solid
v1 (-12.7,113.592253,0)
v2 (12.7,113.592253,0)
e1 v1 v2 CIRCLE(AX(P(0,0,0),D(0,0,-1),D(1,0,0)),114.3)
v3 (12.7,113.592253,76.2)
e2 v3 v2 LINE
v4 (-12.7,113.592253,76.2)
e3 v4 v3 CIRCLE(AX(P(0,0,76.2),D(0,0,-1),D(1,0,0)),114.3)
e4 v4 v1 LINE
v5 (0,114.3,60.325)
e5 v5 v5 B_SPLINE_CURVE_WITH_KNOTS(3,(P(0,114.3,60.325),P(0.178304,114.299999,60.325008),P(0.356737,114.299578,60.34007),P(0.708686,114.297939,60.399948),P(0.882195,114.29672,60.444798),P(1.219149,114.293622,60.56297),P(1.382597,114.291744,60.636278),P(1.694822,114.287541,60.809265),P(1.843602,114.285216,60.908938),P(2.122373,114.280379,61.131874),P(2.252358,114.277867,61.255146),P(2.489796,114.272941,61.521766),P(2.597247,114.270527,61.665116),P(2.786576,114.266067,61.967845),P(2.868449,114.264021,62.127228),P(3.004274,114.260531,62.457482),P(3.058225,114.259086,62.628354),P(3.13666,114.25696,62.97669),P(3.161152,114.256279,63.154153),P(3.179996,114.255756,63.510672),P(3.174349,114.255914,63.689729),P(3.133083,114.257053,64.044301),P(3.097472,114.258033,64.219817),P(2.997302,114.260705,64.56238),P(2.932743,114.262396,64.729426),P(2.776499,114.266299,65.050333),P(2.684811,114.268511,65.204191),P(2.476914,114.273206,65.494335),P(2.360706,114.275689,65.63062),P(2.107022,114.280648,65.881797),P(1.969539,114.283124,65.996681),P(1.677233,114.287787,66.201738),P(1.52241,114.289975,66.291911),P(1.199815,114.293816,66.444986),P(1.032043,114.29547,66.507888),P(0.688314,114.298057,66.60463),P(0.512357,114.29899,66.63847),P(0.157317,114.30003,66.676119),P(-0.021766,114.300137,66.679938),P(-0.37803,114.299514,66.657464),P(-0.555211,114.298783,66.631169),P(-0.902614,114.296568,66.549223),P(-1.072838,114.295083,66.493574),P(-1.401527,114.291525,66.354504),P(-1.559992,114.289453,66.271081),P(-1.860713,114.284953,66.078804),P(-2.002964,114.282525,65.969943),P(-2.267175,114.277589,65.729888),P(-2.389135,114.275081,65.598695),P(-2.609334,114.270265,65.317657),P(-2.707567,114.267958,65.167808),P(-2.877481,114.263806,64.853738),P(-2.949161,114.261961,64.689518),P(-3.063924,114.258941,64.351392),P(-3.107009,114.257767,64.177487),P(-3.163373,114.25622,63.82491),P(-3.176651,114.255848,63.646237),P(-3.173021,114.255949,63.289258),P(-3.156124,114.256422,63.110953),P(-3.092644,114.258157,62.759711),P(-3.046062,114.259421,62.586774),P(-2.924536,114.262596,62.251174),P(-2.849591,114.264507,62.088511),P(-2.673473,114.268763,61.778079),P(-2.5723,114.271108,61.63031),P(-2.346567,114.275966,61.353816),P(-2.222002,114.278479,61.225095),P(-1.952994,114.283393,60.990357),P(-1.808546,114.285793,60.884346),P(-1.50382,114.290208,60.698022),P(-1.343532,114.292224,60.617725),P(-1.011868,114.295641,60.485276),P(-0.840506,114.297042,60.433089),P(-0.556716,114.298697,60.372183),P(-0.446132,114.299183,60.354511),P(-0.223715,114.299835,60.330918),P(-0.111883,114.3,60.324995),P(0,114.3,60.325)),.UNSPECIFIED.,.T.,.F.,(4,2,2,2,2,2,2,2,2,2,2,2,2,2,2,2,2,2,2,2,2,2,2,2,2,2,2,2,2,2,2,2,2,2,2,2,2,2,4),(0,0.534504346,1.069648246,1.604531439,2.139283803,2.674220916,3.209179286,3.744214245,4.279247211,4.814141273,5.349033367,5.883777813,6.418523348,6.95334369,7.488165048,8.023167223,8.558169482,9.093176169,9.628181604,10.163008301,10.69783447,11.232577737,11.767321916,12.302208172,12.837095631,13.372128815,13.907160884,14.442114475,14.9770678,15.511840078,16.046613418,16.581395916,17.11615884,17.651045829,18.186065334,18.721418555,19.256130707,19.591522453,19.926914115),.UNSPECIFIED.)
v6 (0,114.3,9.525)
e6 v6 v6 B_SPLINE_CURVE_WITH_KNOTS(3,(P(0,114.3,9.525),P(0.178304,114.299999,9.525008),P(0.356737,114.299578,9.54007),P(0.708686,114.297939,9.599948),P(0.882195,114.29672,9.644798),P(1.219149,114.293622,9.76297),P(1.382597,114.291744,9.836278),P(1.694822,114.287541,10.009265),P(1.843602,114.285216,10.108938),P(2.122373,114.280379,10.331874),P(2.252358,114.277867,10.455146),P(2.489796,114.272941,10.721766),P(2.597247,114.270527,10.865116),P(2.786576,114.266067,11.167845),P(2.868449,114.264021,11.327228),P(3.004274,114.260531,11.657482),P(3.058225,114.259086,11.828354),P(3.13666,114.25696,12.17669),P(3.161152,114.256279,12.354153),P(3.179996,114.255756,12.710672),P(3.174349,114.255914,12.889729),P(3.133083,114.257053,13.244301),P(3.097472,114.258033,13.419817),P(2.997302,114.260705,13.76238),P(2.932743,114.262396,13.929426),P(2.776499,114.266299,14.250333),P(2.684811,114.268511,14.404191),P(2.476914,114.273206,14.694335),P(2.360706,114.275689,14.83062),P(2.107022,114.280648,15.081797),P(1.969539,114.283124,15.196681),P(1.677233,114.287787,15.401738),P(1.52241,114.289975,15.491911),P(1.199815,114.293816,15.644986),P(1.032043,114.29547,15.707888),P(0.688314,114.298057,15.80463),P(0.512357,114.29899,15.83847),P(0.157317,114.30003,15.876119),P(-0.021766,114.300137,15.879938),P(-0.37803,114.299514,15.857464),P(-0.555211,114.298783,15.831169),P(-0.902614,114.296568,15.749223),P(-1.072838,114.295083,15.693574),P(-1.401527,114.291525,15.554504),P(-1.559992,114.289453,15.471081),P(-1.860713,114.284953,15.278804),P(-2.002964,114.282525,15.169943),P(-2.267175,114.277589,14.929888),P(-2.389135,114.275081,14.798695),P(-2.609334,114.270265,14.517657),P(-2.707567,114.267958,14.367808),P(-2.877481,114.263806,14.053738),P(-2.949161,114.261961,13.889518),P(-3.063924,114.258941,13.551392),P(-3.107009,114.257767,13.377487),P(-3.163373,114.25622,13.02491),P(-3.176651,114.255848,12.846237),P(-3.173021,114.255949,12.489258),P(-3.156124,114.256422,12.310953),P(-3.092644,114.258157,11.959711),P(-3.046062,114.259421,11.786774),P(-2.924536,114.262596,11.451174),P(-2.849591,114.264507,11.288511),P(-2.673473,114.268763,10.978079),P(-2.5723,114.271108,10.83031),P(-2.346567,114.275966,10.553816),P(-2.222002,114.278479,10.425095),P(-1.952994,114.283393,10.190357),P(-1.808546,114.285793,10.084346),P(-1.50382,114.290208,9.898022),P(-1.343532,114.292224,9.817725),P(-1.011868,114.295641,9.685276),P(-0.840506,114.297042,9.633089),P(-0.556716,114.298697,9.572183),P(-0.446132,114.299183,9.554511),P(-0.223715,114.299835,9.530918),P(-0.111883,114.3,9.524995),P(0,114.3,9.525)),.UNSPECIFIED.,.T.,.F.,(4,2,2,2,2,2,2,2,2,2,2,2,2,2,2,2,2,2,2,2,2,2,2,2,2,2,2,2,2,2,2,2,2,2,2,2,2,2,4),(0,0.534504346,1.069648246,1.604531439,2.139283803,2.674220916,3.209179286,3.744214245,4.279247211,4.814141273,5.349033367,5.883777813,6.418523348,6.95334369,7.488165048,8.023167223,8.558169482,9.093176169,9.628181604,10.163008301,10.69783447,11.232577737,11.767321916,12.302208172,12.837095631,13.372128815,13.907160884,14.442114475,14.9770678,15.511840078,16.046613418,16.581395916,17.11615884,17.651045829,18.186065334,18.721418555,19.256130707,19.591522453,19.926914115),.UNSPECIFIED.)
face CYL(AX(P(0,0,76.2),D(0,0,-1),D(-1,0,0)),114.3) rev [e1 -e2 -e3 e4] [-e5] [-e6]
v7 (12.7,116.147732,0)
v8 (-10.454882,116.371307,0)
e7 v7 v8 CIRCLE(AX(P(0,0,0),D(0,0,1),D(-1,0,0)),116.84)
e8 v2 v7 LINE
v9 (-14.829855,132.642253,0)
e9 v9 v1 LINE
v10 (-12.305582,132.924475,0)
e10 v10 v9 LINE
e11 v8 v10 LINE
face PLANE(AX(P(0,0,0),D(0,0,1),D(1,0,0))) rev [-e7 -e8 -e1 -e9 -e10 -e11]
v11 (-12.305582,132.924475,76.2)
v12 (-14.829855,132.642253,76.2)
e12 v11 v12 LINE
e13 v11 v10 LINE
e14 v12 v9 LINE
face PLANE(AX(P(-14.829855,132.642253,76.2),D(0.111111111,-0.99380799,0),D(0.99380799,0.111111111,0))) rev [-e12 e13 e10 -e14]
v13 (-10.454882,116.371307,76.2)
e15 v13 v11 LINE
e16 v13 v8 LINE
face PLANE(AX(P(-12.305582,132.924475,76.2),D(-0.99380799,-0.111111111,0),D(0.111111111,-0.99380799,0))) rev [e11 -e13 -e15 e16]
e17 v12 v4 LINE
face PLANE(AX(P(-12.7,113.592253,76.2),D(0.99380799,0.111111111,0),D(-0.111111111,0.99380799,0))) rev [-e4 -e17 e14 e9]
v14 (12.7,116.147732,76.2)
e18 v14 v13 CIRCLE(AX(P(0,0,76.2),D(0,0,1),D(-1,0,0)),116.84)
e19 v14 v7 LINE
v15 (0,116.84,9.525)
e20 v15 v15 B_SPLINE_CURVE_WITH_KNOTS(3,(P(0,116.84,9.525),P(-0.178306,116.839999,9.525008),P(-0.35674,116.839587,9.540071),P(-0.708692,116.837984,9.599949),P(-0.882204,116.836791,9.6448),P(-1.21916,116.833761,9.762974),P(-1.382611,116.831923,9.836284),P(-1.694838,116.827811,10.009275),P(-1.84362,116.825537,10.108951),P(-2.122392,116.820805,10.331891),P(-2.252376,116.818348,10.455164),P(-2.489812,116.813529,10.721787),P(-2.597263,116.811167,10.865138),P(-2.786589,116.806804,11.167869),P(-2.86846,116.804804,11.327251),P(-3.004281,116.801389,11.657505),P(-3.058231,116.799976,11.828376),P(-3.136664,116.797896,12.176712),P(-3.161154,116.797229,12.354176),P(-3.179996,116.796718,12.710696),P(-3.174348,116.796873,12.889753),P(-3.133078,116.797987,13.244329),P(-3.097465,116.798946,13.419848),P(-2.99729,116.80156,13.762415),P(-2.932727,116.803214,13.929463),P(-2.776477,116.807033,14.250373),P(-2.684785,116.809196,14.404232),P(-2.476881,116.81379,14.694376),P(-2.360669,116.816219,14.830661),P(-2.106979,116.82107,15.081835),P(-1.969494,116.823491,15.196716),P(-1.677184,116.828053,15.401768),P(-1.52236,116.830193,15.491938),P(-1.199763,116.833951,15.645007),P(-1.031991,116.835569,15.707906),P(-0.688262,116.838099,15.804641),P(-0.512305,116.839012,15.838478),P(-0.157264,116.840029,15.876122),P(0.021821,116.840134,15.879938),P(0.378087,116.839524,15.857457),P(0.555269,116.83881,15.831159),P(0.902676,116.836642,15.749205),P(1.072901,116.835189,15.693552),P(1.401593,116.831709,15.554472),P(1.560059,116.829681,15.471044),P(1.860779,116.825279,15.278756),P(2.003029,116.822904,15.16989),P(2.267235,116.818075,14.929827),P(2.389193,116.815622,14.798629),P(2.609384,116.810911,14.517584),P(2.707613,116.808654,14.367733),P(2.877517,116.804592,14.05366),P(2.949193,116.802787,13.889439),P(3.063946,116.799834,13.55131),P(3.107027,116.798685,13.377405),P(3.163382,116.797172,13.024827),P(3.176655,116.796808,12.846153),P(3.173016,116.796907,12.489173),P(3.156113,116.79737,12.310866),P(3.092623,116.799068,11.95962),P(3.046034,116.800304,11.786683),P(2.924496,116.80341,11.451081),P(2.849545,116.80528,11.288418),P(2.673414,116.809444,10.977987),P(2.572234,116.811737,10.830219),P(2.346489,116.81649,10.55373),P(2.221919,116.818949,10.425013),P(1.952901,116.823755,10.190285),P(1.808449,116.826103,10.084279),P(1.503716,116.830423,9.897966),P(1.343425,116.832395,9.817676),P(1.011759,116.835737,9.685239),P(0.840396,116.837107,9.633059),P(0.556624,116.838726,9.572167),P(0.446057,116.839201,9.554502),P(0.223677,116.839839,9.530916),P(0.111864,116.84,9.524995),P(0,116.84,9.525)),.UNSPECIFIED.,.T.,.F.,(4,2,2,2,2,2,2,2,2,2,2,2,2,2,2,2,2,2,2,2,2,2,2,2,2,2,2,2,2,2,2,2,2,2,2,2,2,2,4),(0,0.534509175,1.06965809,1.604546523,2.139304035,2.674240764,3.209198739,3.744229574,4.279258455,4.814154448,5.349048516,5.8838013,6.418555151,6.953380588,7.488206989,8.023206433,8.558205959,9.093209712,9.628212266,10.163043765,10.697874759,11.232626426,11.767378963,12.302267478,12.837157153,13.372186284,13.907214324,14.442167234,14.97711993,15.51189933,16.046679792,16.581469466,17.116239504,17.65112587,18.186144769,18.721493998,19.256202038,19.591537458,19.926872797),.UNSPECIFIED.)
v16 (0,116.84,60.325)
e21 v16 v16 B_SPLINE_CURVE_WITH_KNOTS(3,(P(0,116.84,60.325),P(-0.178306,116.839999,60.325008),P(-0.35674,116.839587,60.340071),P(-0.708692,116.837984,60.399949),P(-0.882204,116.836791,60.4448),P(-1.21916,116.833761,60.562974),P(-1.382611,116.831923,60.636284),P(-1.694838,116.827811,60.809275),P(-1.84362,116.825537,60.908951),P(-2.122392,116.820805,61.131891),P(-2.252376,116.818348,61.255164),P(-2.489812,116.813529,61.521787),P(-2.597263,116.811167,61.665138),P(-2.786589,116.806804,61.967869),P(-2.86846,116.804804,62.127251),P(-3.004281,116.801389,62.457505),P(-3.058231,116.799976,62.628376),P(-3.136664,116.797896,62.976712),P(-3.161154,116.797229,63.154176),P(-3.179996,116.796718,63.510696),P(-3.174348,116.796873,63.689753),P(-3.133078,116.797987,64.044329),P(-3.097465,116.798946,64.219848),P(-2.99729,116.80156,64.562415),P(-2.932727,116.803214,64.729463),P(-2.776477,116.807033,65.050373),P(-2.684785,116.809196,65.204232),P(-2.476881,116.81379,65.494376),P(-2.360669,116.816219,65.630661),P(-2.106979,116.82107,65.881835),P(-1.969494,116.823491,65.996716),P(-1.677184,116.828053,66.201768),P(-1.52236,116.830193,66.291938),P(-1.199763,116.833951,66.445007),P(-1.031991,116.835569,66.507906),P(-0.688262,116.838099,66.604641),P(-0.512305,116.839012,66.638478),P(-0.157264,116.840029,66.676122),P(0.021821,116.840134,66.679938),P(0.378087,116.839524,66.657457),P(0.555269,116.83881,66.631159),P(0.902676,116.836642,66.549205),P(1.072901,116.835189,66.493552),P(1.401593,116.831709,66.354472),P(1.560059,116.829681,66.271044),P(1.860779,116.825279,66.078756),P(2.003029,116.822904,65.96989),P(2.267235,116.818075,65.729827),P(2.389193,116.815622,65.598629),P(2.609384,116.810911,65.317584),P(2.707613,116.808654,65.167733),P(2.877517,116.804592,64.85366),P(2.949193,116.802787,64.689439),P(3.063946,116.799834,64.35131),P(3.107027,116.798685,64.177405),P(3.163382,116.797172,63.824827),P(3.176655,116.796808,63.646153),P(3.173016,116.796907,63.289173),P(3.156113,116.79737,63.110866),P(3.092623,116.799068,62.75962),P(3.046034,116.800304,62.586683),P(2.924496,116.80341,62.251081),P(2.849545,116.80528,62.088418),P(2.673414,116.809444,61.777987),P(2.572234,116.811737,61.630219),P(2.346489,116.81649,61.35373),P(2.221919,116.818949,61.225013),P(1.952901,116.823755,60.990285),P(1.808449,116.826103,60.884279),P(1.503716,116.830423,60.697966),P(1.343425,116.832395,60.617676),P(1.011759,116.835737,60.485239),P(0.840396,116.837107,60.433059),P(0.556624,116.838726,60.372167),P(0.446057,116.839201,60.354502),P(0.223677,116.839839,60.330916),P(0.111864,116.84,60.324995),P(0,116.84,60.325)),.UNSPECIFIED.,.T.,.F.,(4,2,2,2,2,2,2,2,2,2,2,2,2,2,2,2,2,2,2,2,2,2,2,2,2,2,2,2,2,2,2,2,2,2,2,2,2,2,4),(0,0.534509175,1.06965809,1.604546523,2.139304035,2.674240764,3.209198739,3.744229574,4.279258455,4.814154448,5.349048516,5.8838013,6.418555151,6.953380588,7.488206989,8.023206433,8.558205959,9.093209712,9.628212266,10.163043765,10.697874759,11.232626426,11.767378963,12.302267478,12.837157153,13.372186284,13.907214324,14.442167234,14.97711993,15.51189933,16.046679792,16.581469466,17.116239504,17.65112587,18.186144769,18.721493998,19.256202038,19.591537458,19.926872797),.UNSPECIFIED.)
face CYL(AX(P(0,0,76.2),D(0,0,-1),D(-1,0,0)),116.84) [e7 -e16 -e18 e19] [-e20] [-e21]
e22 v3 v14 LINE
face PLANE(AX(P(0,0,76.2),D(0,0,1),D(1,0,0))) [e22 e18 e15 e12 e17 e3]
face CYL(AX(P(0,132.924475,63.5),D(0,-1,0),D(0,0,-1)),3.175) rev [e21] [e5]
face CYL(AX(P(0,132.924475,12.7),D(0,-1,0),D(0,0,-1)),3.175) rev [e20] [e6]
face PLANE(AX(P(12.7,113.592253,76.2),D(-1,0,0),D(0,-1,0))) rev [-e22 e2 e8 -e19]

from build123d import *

# Parameters (mm, degrees)
BOSS_EXTRUDE1_DEPTH = 76.2
SKETCH2_R           = 3.175
CUT_EXTRUDE1_DEPTH  = 154.932715085


with BuildPart() as part:
    # Sketch1 → Boss-Extrude1 (new body)
    with BuildSketch(Plane.XY):
        with BuildLine():
            Line((-12.7, 113.592253257), (-14.829854749, 132.642253257))
            Line((-14.829854749, 132.642253257), (-12.305582454, 132.924475479))
            Line((-12.305582454, 132.924475479), (-10.454881932, 116.371306789))
            ThreePointArc((-10.454881932, 116.371306789), (1.128111355, 116.834553813), (12.7, 116.14773179))
            Line((12.7, 116.14773179), (12.7, 113.592253257))
            ThreePointArc((12.7, 113.592253257), (0, 114.3), (-12.7, 113.592253257))
        make_face()
    extrude(amount=BOSS_EXTRUDE1_DEPTH)

    # Sketch2 → Cut-Extrude1 (cut, through all)
    with BuildSketch(Plane(origin=(0, 0, 0), x_dir=(1, 0, 0), z_dir=(0, 1, 0))):
        with Locations(Location((0, -12.7, 0), (0, 0, 90))):
            Circle(SKETCH2_R)
        with Locations(Location((0, -63.5, 0), (0, 0, 90))):
            Circle(SKETCH2_R)
    extrude(amount=CUT_EXTRUDE1_DEPTH, mode=Mode.SUBTRACT)


solid = part.part
